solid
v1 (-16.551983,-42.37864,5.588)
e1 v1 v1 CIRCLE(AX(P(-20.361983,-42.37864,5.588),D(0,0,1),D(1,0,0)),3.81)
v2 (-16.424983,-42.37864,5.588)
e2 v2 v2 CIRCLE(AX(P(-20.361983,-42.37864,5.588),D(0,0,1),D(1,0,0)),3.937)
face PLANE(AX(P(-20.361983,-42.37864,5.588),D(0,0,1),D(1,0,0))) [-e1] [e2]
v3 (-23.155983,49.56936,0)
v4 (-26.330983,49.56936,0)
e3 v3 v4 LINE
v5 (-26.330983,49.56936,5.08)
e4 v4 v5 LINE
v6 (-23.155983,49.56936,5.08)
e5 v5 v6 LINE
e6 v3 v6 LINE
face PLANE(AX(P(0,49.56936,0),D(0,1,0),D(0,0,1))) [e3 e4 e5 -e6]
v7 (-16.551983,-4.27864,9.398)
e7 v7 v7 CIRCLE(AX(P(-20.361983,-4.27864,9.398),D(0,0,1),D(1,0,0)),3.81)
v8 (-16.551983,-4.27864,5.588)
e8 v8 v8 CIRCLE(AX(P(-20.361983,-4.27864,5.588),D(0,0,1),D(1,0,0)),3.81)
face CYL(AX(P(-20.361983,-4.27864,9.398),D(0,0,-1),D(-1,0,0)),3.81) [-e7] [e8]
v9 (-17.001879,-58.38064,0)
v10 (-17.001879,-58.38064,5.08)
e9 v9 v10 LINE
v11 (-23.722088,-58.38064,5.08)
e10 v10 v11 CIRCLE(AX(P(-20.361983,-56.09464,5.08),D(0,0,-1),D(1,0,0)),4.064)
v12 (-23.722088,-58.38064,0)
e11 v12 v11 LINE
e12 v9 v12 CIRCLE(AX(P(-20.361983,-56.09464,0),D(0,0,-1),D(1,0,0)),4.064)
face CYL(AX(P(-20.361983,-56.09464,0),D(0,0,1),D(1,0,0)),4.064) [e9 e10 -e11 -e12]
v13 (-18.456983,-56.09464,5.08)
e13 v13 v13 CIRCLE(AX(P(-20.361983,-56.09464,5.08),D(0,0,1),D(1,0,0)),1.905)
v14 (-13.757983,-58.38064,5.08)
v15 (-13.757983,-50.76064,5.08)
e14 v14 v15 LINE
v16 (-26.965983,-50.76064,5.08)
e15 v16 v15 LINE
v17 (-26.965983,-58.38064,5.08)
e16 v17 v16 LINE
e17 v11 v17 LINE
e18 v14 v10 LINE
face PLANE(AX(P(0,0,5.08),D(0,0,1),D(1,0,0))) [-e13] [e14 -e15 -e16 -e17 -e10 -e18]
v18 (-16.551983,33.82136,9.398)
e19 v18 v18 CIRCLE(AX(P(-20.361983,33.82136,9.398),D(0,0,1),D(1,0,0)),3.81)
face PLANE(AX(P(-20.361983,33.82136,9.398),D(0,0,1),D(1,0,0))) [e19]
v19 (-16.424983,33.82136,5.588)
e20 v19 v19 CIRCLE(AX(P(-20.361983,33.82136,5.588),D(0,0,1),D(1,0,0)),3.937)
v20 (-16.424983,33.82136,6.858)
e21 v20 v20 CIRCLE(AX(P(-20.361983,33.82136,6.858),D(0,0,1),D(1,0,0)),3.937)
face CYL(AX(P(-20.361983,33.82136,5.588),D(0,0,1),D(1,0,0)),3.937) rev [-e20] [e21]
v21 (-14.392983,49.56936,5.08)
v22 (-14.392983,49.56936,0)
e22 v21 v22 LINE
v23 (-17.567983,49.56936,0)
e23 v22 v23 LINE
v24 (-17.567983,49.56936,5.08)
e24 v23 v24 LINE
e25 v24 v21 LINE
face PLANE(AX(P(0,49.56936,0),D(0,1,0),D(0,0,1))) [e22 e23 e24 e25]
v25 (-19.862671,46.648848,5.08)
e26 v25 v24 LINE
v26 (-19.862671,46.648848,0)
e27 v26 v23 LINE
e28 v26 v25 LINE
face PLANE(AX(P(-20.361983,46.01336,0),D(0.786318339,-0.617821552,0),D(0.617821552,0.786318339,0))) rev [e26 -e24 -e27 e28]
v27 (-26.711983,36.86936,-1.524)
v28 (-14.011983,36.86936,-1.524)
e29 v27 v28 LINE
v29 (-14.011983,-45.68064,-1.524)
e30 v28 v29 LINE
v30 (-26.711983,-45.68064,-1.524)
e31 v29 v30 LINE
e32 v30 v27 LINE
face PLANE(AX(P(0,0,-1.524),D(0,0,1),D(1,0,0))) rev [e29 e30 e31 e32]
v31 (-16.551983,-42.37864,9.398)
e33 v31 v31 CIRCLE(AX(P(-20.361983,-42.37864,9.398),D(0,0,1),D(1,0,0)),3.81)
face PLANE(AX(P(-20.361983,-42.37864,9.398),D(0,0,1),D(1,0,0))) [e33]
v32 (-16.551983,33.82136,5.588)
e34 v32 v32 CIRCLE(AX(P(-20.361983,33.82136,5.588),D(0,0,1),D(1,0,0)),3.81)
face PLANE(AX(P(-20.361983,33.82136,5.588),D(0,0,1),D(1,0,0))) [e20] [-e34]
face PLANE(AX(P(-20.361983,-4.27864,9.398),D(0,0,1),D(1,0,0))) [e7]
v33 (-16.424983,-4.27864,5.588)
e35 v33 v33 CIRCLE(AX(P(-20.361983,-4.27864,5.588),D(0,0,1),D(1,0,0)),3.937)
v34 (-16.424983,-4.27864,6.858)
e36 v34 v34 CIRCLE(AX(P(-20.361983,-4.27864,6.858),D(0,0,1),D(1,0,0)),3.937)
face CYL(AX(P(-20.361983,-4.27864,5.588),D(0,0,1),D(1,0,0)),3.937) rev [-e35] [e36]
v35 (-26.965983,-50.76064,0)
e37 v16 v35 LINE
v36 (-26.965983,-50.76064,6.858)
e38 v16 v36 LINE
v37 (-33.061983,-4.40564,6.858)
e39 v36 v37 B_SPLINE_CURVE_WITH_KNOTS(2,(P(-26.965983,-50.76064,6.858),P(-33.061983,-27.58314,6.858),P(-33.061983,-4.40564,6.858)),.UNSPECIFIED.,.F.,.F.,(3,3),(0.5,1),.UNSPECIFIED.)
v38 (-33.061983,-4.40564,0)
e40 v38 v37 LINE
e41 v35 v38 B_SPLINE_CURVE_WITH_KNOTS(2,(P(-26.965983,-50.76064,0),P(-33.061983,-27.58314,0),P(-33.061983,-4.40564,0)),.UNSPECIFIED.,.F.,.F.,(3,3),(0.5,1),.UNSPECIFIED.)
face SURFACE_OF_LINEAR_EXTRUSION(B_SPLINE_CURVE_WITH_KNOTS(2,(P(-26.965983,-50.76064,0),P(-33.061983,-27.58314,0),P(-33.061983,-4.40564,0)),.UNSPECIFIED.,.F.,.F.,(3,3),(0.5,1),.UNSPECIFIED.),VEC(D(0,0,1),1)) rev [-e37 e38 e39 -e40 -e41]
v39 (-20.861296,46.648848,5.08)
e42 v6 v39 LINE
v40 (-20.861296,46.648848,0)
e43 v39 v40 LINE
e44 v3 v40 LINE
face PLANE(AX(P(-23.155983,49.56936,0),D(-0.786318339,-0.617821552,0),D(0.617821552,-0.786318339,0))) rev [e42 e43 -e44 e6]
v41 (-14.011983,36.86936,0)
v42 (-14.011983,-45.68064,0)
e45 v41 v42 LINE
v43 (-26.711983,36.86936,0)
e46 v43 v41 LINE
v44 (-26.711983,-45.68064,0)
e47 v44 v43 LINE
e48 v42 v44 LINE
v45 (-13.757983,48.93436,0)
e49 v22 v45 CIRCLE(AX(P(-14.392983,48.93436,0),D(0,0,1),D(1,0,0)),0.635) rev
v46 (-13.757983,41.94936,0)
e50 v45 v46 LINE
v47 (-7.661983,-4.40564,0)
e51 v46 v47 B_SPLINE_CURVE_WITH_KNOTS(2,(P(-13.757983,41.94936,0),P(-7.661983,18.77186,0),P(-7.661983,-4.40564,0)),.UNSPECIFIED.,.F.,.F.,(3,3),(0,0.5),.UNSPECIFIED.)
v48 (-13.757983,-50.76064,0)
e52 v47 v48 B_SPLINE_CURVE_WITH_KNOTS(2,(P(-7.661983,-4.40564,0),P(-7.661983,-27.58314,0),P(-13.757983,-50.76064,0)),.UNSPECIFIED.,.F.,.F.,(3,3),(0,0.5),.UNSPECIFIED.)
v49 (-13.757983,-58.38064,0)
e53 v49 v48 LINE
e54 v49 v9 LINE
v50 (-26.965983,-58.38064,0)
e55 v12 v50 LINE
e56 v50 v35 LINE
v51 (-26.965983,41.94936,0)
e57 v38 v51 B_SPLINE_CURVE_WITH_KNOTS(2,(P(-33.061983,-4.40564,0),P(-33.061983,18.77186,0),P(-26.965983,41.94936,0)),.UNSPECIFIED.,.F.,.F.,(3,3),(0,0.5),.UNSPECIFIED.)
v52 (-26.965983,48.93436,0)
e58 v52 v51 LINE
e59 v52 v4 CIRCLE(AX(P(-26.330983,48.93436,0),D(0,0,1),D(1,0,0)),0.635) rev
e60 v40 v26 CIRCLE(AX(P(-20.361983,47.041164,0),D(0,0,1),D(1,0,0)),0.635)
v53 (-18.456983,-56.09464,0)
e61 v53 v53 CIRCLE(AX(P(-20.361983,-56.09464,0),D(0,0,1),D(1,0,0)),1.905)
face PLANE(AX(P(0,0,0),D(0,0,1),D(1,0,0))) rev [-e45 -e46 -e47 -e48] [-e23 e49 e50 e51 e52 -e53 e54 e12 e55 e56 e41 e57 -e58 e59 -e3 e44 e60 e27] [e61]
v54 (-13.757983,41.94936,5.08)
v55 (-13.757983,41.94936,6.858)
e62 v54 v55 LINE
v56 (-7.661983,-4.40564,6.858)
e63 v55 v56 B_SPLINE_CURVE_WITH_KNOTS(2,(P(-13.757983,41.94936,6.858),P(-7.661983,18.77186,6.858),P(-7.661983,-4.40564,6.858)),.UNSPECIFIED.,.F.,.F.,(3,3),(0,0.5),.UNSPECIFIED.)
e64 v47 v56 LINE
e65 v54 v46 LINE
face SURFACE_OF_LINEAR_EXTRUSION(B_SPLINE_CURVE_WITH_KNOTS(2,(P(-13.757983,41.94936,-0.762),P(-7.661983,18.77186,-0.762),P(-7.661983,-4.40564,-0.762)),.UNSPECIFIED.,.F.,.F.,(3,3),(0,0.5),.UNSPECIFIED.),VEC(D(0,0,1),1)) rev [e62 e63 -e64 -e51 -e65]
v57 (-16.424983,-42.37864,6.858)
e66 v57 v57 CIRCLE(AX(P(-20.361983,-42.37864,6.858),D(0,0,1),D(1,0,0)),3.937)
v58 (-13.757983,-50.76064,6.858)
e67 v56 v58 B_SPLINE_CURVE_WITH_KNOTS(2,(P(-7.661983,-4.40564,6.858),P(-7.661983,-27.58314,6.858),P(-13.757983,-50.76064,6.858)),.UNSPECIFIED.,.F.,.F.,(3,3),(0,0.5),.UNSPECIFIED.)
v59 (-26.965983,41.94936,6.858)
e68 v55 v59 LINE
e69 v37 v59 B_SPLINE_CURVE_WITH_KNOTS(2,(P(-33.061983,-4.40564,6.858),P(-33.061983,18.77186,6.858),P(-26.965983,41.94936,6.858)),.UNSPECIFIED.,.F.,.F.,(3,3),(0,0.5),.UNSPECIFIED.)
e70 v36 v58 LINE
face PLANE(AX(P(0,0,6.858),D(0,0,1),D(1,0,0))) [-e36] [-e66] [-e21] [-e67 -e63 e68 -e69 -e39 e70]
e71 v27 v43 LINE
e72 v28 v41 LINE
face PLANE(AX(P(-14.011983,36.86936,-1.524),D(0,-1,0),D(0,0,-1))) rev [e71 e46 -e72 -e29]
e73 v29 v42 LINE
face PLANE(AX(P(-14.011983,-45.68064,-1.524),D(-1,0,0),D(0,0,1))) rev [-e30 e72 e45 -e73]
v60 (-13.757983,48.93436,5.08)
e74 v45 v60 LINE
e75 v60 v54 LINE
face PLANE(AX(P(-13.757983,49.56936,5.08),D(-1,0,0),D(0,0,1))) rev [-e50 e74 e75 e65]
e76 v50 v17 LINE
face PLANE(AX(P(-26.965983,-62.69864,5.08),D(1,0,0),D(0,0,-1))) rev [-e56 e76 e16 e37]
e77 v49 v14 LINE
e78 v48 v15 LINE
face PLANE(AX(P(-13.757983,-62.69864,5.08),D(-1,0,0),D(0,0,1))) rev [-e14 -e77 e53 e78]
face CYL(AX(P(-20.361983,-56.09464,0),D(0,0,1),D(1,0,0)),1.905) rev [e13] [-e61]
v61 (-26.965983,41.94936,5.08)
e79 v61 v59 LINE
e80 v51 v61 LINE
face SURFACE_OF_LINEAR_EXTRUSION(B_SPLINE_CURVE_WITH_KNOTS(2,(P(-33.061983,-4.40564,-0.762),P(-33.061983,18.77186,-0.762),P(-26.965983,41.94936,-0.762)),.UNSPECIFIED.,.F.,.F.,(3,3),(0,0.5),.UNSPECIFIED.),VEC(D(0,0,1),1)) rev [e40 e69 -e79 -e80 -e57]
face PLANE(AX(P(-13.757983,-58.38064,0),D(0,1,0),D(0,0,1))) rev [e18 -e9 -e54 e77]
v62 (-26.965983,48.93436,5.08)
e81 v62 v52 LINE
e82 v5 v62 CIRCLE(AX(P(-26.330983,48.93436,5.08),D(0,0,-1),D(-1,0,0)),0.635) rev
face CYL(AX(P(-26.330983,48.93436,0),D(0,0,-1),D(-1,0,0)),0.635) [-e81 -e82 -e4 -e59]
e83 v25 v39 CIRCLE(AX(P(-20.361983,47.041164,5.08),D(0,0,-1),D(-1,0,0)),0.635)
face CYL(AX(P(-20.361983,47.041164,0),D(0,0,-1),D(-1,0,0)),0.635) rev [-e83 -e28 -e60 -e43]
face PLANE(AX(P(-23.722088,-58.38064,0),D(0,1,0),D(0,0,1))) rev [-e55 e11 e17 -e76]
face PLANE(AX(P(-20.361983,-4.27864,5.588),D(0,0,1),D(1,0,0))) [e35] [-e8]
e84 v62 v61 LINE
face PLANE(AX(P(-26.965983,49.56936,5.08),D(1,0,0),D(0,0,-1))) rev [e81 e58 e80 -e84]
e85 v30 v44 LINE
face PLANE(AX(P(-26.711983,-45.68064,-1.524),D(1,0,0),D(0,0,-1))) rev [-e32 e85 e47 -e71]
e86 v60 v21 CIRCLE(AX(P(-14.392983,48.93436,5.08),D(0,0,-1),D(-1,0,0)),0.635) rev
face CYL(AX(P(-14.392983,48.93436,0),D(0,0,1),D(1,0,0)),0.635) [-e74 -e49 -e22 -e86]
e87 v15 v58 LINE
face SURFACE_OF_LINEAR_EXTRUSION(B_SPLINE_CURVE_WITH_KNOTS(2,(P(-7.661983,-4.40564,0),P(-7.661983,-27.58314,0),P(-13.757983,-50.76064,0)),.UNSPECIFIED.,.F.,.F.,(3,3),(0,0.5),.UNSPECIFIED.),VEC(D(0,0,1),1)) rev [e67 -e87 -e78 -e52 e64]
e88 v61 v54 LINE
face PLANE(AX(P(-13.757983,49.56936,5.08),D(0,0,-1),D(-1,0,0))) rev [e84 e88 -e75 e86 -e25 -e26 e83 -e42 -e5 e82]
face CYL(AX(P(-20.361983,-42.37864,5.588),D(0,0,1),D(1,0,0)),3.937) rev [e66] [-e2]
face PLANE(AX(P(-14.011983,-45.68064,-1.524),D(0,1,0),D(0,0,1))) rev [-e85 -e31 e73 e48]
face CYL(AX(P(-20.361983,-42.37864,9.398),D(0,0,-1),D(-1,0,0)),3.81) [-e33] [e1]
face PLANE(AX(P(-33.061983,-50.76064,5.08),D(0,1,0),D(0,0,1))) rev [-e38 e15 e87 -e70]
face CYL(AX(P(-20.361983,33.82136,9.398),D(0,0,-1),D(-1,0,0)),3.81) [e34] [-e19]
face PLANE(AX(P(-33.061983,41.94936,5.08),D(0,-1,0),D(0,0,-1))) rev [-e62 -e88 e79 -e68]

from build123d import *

# Parameters (mm, degrees)
SKETCH1_W           = 25.4
SKETCH1_H           = 92.71
BOSS_EXTRUDE1_DEPTH = 5.08
SKETCH3_W           = 13.208
SKETCH3_H           = 5.08
BOSS_EXTRUDE3_DEPTH = 11.938
SKETCH5_R           = 1.905
CUT_EXTRUDE2_DEPTH  = 6.08
SKETCH7_W           = 25.4
SKETCH7_H           = 92.71
BOSS_EXTRUDE4_DEPTH = 1.778
SKETCH8_R           = 3.937
CUT_EXTRUDE3_DEPTH  = 1.27
SKETCH10_R          = 3.81
BOSS_EXTRUDE5_DEPTH = 3.81
SKETCH11_W          = 13.208
SKETCH11_H          = 5.08
BOSS_EXTRUDE6_DEPTH = 7.62
CUT_EXTRUDE4_DEPTH  = 6.08
FILLET1_R           = 0.635
CUT_EXTRUDE7_DEPTH  = 7.62
CUT_EXTRUDE8_DEPTH  = 7.8580001
SKETCH17_W          = 12.7
SKETCH17_H          = 82.55
BOSS_EXTRUDE7_DEPTH = 1.524


with BuildPart() as part:
    # Sketch1 → Boss-Extrude1 (new body)
    with BuildSketch(Plane.XY):
        with Locations((-20.361983471, -4.405640496)):
            Rectangle(SKETCH1_W, SKETCH1_H)
    extrude(amount=BOSS_EXTRUDE1_DEPTH)

    # Sketch3 → Boss-Extrude3 (add)
    with BuildSketch(Plane.XZ.offset(50.760640496)):
        with Locations((-20.361983471, 2.54)):
            Rectangle(SKETCH3_W, SKETCH3_H)
    extrude(amount=BOSS_EXTRUDE3_DEPTH)

    # Sketch5 → Cut-Extrude2 (cut, through all)
    with BuildSketch(Plane.XY.offset(5.08)):
        with Locations((-20.361983471, -56.094640496)):
            Circle(SKETCH5_R)
        with BuildLine():
            Line((-23.722087636, -58.380640496), (-26.965983471, -58.380640496))
            Line((-26.965983471, -58.380640496), (-26.965983471, -62.698640496))
            Line((-26.965983471, -62.698640496), (-13.757983471, -62.698640496))
            Line((-13.757983471, -62.698640496), (-13.757983471, -58.380640496))
            Line((-13.757983471, -58.380640496), (-17.001879306, -58.380640496))
            ThreePointArc((-17.001879306, -58.380640496), (-20.361983471, -60.158640496), (-23.722087636, -58.380640496))
        make_face()
    extrude(amount=-CUT_EXTRUDE2_DEPTH, mode=Mode.SUBTRACT)

    # Sketch7 → Boss-Extrude4 (add)
    with BuildSketch(Plane.XY.offset(5.08)):
        with Locations((-20.361983471, -4.405640496)):
            Rectangle(SKETCH7_W, SKETCH7_H)
    extrude(amount=BOSS_EXTRUDE4_DEPTH)

    # Sketch8 → Cut-Extrude3 (cut)
    with BuildSketch(Plane.XY.offset(6.858)):
        with Locations((-20.361983471, -42.378640496)):
            Circle(SKETCH8_R)
        with Locations((-20.361983471, -4.278640496)):
            Circle(SKETCH8_R)
        with Locations((-20.361983471, 33.821359504)):
            Circle(SKETCH8_R)
    extrude(amount=-CUT_EXTRUDE3_DEPTH, mode=Mode.SUBTRACT)

    # Sketch10 → Boss-Extrude5 (add)
    with BuildSketch(Plane.XY.offset(5.588)):
        with Locations((-20.361983471, -42.378640496)):
            Circle(SKETCH10_R)
        with Locations((-20.361983471, -4.278640496)):
            Circle(SKETCH10_R)
        with Locations((-20.361983471, 33.821359504)):
            Circle(SKETCH10_R)
    extrude(amount=BOSS_EXTRUDE5_DEPTH)

    # Sketch11 → Boss-Extrude6 (add)
    with BuildSketch(Plane(origin=(0, 41.949359504, 0), x_dir=(1, 0, 0), z_dir=(0, 1, 0))):
        with Locations((-20.361983471, -2.54)):
            Rectangle(SKETCH11_W, SKETCH11_H)
    extrude(amount=BOSS_EXTRUDE6_DEPTH)

    # Sketch12 → Cut-Extrude4 (cut, through all)
    with BuildSketch(Plane.XY.offset(5.08)):
        Polygon((-23.155983471, 49.569359504), (-20.361983471, 46.013359504), (-17.567983471, 49.569359504), align=None)
    extrude(amount=-CUT_EXTRUDE4_DEPTH, mode=Mode.SUBTRACT)

    # Fillet1
    fillet1_edges = [part.edges().sort_by_distance(p)[0] for p in [
        (-26.965983471, 49.569359504, 2.54),
        (-13.757983471, 49.569359504, 2.54),
        (-20.361983471, 46.013359504, 2.54),
    ]]
    fillet(fillet1_edges, radius=FILLET1_R)

    # Sketch14 → Cut-Extrude7 (cut)
    with BuildSketch(Plane.XY.offset(6.858)):
        with BuildLine():
            Line((-13.757983471, 41.949359504), (-7.661983471, 41.949359504))
            Line((-7.661983471, 41.949359504), (-7.661983471, -4.405640496))
            add(Edge.make_bspline(
                [(-13.757983471, 41.949359504), (-7.661983471, 18.771859504), (-7.661983471, -4.405640496)],
                knots=[0, 0, 0, 0.5, 0.5, 0.5], degree=2))
        make_face()
        with BuildLine():
            Line((-33.061983471, -4.405640496), (-33.061983471, 41.949359504))
            Line((-33.061983471, 41.949359504), (-26.965983471, 41.949359504))
            add(Edge.make_bspline(
                [(-26.965983471, 41.949359504), (-33.061983471, 18.771859504), (-33.061983471, -4.405640496)],
                knots=[0, 0, 0, 0.5, 0.5, 0.5], degree=2))
        make_face()
    extrude(amount=-CUT_EXTRUDE7_DEPTH, mode=Mode.SUBTRACT)

    # Sketch16 → Cut-Extrude8 (cut, through all)
    with BuildSketch(Plane.XY.offset(6.858)):
        with BuildLine():
            Line((-33.061983471, -4.405640496), (-33.061983471, -50.760640496))
            Line((-33.061983471, -50.760640496), (-26.965983471, -50.760640496))
            add(Edge.make_bspline(
                [(-33.061983471, -4.405640496), (-33.061983471, -27.583140496), (-26.965983471, -50.760640496)],
                knots=[0.5, 0.5, 0.5, 1, 1, 1], degree=2))
        make_face()
        with BuildLine():
            Line((-7.661983471, -4.405640496), (-7.661983471, -50.760640496))
            Line((-7.661983471, -50.760640496), (-13.757983471, -50.760640496))
            add(Edge.make_bspline(
                [(-13.757983471, -50.760640496), (-7.661983471, -27.583140496), (-7.661983471, -4.405640496)],
                knots=[0, 0, 0, 0.5, 0.5, 0.5], degree=2))
        make_face()
    extrude(amount=-CUT_EXTRUDE8_DEPTH, mode=Mode.SUBTRACT)

    # Sketch17 → Boss-Extrude7 (add)
    with BuildSketch(Plane(origin=(0, 0, 0), x_dir=(-1, 0, 0), z_dir=(0, 0, -1))):
        with Locations((20.361983471, -4.405640496)):
            Rectangle(SKETCH17_W, SKETCH17_H)
    extrude(amount=BOSS_EXTRUDE7_DEPTH)


solid = part.part
